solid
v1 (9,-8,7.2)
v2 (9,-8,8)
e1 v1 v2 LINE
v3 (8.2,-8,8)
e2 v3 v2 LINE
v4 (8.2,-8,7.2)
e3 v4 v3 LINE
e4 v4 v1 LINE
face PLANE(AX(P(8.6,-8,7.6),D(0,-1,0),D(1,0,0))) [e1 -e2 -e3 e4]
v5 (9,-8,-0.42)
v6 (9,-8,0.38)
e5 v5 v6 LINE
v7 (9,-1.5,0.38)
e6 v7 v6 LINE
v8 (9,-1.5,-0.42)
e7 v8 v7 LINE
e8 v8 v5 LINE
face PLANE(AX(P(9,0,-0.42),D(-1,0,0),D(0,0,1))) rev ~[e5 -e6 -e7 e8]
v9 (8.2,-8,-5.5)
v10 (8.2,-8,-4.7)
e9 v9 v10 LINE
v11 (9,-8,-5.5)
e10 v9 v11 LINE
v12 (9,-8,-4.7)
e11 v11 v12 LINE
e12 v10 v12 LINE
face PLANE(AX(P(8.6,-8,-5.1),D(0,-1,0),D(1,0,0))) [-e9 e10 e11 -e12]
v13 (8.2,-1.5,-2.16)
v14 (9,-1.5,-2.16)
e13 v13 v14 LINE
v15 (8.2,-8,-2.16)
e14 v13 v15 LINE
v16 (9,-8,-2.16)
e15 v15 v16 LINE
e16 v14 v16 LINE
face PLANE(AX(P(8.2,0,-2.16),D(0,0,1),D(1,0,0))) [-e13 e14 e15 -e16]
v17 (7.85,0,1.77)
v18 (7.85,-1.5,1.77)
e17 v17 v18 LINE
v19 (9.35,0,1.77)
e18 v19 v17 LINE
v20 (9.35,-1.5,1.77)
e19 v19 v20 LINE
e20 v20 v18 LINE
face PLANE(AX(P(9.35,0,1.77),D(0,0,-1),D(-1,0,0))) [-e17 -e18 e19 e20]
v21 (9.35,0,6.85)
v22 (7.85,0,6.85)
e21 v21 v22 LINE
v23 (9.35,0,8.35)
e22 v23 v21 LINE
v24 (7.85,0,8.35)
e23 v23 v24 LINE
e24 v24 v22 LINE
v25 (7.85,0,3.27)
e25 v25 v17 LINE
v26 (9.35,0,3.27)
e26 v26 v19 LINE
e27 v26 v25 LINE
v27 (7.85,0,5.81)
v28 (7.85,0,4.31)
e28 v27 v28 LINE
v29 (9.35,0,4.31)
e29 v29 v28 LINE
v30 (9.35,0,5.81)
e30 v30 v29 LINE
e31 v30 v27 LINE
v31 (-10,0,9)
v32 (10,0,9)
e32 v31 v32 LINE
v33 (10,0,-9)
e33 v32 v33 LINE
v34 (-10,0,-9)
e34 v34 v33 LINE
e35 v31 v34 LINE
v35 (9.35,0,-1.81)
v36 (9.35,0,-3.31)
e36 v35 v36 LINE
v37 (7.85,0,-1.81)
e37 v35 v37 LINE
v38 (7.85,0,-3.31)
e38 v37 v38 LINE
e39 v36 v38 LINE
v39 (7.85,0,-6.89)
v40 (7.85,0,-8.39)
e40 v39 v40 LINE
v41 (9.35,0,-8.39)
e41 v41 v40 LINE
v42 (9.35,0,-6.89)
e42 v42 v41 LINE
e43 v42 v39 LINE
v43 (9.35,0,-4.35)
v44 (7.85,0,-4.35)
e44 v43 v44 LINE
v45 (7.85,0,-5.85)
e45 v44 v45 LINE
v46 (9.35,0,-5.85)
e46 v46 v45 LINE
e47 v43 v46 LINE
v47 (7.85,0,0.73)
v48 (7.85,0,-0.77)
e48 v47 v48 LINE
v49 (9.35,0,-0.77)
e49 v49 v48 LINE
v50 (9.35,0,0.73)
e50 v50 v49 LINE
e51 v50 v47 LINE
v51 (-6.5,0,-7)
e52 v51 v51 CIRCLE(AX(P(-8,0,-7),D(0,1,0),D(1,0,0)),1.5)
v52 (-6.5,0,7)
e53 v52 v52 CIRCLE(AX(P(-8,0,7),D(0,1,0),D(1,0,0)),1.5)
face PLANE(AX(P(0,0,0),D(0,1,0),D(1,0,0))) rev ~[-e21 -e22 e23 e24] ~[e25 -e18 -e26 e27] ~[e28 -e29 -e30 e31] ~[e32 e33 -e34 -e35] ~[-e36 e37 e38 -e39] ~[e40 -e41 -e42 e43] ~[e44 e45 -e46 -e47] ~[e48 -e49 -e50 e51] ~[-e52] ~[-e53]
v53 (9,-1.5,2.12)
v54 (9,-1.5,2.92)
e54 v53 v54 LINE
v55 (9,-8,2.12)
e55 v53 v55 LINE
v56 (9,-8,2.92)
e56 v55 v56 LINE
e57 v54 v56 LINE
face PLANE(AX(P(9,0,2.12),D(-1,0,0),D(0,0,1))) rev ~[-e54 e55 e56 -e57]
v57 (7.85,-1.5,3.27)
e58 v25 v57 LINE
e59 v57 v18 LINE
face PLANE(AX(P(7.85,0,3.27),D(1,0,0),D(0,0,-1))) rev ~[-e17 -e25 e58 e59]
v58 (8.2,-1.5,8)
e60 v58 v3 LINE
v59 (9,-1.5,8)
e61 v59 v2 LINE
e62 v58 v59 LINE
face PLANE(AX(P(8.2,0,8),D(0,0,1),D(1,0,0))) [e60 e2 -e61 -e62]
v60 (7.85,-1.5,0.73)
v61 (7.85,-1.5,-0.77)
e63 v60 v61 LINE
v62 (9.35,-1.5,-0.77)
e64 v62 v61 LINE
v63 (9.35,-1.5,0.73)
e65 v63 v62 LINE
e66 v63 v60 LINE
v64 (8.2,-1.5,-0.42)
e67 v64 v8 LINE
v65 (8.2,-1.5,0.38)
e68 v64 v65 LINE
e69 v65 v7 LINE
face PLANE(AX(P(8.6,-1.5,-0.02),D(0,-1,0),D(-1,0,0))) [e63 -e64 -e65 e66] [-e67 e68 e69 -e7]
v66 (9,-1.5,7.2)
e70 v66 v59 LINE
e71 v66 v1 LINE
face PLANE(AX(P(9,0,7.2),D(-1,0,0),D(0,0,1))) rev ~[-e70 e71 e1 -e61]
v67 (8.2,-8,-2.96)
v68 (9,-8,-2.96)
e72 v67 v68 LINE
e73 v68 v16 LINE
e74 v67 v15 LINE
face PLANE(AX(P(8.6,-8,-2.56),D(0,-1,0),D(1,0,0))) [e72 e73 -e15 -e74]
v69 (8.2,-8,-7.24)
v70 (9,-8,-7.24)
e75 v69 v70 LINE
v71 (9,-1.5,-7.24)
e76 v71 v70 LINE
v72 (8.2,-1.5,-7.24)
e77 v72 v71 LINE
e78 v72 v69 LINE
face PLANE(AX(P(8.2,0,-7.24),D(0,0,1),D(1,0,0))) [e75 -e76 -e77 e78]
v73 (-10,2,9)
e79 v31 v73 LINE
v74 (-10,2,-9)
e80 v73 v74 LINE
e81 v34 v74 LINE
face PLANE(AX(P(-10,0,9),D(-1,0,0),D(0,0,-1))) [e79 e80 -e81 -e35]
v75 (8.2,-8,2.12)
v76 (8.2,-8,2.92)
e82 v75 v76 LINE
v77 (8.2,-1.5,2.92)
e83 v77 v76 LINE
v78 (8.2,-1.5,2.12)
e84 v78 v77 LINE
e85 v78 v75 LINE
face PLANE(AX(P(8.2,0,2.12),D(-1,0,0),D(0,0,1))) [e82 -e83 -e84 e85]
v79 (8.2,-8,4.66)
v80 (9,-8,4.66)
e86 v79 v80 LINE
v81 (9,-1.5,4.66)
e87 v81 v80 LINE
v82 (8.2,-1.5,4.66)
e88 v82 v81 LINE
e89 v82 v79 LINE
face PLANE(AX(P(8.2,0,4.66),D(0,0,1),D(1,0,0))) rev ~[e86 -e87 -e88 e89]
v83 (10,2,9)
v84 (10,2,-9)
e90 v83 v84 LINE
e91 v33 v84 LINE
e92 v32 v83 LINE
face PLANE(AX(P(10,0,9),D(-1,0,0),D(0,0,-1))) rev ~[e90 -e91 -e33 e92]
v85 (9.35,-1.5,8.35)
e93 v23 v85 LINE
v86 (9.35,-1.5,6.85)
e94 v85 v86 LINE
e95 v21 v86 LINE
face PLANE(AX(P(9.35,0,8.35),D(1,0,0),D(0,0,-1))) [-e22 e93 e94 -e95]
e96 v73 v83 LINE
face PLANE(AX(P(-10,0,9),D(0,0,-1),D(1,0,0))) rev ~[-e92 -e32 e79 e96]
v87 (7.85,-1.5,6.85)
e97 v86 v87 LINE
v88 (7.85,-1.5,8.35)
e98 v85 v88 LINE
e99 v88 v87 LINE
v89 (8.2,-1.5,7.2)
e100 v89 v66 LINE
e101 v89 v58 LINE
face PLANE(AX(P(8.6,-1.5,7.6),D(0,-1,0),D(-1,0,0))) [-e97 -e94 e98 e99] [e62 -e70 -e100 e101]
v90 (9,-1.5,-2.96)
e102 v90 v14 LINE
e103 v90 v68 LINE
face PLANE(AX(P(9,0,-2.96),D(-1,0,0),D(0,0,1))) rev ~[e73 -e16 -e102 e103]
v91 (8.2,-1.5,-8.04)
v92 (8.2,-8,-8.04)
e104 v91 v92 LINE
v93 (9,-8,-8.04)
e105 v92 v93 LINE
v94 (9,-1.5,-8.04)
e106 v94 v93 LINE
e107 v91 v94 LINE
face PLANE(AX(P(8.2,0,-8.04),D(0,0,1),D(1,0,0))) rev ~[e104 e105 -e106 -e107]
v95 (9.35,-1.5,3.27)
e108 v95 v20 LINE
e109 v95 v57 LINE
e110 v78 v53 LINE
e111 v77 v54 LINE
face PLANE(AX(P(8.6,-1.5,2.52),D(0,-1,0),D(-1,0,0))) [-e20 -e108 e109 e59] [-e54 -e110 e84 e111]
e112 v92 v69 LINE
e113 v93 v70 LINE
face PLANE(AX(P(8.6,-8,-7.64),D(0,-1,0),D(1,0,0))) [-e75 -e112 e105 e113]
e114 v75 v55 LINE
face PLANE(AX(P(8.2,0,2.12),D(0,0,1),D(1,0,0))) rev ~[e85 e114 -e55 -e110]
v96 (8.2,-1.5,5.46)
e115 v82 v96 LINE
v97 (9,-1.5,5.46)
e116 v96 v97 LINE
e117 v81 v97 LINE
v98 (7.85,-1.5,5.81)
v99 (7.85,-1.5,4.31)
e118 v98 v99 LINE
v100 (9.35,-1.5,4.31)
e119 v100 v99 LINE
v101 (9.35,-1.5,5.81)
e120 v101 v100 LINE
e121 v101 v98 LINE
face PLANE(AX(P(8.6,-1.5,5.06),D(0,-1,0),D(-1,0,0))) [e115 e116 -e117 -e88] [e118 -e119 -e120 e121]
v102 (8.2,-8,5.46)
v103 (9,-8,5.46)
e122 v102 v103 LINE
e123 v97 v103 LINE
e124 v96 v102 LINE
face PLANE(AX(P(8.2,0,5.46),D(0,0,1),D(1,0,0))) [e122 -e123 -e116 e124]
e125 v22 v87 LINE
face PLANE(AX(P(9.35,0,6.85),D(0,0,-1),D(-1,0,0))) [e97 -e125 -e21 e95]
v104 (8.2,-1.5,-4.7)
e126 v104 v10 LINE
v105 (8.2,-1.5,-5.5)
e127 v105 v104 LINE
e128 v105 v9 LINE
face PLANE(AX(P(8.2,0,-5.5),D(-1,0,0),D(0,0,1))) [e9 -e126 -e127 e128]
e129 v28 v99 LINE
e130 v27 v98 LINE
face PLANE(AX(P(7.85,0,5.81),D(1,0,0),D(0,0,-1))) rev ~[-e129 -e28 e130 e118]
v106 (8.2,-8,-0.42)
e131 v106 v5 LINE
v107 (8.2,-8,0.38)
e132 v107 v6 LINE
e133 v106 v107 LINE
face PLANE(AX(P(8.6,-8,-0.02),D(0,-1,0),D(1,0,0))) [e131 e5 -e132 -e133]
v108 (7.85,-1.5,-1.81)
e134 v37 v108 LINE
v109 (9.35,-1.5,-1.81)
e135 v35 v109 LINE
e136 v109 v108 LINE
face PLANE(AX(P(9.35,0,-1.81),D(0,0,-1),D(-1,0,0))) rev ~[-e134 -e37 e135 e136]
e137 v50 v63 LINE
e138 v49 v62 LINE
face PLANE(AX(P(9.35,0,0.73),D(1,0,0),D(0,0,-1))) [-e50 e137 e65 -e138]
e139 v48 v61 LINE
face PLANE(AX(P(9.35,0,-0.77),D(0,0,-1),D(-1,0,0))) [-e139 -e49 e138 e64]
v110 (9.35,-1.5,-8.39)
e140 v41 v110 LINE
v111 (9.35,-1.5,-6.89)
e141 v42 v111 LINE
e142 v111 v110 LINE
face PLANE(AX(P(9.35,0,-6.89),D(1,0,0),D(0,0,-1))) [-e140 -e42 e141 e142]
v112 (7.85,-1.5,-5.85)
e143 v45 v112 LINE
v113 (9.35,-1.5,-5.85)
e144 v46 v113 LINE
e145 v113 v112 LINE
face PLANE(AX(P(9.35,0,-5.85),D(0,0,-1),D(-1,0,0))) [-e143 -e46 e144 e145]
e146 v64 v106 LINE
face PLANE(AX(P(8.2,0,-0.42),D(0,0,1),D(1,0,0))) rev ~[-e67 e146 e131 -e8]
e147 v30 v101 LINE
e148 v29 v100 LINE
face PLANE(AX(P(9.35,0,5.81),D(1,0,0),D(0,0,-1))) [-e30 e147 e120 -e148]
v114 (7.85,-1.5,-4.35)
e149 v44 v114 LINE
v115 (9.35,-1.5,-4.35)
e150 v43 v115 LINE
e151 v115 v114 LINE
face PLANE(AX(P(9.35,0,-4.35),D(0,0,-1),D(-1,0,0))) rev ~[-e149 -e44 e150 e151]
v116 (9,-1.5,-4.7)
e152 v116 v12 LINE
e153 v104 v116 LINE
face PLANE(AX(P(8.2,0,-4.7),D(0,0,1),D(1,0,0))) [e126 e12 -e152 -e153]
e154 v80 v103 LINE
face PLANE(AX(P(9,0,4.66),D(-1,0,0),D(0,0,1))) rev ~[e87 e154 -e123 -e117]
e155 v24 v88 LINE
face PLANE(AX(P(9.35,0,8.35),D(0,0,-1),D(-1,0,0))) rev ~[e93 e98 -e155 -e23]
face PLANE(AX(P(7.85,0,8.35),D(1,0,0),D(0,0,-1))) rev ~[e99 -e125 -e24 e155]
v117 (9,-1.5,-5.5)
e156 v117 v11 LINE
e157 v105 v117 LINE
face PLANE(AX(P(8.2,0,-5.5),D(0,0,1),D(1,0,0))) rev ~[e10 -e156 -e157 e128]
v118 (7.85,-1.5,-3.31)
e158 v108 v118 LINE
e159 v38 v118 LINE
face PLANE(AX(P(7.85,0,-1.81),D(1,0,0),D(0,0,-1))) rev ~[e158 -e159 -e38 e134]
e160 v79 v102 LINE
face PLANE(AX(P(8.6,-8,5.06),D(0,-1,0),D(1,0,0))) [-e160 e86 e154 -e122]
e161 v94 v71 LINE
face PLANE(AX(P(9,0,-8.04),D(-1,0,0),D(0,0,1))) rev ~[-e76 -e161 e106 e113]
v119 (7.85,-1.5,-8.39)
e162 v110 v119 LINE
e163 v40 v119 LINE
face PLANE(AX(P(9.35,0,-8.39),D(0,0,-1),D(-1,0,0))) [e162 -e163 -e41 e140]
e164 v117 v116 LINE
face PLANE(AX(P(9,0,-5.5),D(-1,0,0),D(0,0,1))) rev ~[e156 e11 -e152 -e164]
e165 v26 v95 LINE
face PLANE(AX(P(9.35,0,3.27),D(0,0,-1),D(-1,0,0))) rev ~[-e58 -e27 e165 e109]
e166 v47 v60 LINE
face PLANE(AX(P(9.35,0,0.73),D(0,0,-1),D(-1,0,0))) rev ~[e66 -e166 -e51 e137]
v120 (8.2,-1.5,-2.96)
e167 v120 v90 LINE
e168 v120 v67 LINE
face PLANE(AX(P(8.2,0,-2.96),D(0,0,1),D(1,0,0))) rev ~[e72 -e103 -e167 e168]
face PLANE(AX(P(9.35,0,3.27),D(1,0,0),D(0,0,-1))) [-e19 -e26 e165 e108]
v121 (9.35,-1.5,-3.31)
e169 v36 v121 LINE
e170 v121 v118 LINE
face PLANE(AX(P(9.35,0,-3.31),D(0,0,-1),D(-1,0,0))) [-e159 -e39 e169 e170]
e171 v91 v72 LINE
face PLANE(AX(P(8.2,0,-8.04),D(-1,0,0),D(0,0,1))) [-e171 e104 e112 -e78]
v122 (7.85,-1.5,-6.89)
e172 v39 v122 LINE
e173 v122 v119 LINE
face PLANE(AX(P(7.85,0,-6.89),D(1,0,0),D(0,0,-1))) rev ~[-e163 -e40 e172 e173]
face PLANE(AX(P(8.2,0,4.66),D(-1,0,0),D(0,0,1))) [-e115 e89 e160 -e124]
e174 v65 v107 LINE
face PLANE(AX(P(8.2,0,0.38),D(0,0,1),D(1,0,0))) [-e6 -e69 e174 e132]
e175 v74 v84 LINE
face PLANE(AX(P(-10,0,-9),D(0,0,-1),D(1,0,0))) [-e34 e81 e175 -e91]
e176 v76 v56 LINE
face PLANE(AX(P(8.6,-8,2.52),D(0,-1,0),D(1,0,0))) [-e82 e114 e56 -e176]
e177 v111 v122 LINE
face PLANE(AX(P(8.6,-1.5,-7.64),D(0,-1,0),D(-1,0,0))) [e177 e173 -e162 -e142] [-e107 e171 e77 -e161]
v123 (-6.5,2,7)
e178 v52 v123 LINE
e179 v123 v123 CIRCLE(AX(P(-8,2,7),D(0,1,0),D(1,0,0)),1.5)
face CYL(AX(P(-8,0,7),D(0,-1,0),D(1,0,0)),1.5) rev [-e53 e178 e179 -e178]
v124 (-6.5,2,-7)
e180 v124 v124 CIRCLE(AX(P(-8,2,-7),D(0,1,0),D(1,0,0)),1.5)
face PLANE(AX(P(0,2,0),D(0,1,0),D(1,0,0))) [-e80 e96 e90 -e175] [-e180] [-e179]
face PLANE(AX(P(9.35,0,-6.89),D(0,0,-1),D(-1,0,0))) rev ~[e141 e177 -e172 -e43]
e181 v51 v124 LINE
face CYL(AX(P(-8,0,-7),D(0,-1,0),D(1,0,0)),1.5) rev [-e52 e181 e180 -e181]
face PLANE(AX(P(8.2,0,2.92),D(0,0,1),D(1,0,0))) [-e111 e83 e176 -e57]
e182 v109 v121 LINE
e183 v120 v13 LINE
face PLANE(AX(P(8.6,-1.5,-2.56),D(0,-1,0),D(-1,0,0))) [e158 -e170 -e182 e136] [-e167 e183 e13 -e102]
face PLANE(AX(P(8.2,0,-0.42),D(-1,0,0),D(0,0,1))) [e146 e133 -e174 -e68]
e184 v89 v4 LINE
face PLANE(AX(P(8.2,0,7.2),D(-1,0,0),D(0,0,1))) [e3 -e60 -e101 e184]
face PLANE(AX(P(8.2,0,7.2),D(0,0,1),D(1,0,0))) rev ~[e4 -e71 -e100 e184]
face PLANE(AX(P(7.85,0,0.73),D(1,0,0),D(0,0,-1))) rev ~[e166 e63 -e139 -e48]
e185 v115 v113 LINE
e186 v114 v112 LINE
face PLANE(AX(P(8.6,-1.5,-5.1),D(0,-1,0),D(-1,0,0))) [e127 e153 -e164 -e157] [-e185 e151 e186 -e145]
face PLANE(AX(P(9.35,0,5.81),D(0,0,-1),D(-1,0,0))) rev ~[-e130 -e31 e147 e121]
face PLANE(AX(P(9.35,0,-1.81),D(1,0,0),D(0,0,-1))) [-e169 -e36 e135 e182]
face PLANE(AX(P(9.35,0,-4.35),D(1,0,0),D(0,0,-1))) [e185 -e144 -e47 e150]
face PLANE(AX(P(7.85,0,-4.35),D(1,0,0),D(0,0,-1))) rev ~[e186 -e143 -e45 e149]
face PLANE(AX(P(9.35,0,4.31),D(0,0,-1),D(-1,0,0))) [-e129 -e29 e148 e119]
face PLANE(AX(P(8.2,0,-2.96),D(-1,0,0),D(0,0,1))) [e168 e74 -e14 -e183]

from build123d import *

# Parameters (mm, degrees)
SKIZZE1_W                       = 20
SKIZZE1_H                       = 18
SKIZZE1_R                       = 1.5
AUFSATZ_LINEAR_AUSTRAGEN1_DEPTH = 2
SKIZZE2_W                       = 0.8
SKIZZE2_H                       = 0.8
AUFSATZ_LINEAR_AUSTRAGEN2_DEPTH = 8
SKIZZE3_W                       = 1.5
SKIZZE3_H                       = 1.5
AUFSATZ_LINEAR_AUSTRAGEN3_DEPTH = 1.5
LINEARES_MUSTER1_COUNT          = 7
LINEARES_MUSTER1_PITCH          = 2.54


with BuildPart() as part:
    # Skizze1 → Aufsatz-Linear austragen1 (new body)
    with BuildSketch(Plane(origin=(0, 0, 0), x_dir=(1, 0, 0), z_dir=(0, 1, 0))):
        Rectangle(SKIZZE1_W, SKIZZE1_H)
        with Locations((-8, -7)):
            Circle(SKIZZE1_R, mode=Mode.SUBTRACT)
        with Locations((-8, 7)):
            Circle(SKIZZE1_R, mode=Mode.SUBTRACT)
    extrude(amount=AUFSATZ_LINEAR_AUSTRAGEN1_DEPTH)

    # Skizze2 → Aufsatz-Linear austragen2 (add)
    with BuildSketch(Plane.XZ):
        with Locations((8.6, 7.6)):
            Rectangle(SKIZZE2_W, SKIZZE2_H)
    aufsatz_linear_austragen2 = extrude(amount=AUFSATZ_LINEAR_AUSTRAGEN2_DEPTH)

    # Skizze3 → Aufsatz-Linear austragen3 (add)
    with BuildSketch(Plane(origin=(0, 0, 0), x_dir=(-1, 0, 0), z_dir=(0, -1, 0))):
        with Locations((-8.6, -7.6)):
            Rectangle(SKIZZE3_W, SKIZZE3_H)
    aufsatz_linear_austragen3 = extrude(amount=AUFSATZ_LINEAR_AUSTRAGEN3_DEPTH)

    # Lineares Muster1: Aufsatz-Linear austragen2, Aufsatz-Linear austragen3 ×7
    with Locations(*[(0, 0, -i * LINEARES_MUSTER1_PITCH) for i in range(1, LINEARES_MUSTER1_COUNT)]):
        add(aufsatz_linear_austragen2)
        add(aufsatz_linear_austragen3)


solid = part.part
